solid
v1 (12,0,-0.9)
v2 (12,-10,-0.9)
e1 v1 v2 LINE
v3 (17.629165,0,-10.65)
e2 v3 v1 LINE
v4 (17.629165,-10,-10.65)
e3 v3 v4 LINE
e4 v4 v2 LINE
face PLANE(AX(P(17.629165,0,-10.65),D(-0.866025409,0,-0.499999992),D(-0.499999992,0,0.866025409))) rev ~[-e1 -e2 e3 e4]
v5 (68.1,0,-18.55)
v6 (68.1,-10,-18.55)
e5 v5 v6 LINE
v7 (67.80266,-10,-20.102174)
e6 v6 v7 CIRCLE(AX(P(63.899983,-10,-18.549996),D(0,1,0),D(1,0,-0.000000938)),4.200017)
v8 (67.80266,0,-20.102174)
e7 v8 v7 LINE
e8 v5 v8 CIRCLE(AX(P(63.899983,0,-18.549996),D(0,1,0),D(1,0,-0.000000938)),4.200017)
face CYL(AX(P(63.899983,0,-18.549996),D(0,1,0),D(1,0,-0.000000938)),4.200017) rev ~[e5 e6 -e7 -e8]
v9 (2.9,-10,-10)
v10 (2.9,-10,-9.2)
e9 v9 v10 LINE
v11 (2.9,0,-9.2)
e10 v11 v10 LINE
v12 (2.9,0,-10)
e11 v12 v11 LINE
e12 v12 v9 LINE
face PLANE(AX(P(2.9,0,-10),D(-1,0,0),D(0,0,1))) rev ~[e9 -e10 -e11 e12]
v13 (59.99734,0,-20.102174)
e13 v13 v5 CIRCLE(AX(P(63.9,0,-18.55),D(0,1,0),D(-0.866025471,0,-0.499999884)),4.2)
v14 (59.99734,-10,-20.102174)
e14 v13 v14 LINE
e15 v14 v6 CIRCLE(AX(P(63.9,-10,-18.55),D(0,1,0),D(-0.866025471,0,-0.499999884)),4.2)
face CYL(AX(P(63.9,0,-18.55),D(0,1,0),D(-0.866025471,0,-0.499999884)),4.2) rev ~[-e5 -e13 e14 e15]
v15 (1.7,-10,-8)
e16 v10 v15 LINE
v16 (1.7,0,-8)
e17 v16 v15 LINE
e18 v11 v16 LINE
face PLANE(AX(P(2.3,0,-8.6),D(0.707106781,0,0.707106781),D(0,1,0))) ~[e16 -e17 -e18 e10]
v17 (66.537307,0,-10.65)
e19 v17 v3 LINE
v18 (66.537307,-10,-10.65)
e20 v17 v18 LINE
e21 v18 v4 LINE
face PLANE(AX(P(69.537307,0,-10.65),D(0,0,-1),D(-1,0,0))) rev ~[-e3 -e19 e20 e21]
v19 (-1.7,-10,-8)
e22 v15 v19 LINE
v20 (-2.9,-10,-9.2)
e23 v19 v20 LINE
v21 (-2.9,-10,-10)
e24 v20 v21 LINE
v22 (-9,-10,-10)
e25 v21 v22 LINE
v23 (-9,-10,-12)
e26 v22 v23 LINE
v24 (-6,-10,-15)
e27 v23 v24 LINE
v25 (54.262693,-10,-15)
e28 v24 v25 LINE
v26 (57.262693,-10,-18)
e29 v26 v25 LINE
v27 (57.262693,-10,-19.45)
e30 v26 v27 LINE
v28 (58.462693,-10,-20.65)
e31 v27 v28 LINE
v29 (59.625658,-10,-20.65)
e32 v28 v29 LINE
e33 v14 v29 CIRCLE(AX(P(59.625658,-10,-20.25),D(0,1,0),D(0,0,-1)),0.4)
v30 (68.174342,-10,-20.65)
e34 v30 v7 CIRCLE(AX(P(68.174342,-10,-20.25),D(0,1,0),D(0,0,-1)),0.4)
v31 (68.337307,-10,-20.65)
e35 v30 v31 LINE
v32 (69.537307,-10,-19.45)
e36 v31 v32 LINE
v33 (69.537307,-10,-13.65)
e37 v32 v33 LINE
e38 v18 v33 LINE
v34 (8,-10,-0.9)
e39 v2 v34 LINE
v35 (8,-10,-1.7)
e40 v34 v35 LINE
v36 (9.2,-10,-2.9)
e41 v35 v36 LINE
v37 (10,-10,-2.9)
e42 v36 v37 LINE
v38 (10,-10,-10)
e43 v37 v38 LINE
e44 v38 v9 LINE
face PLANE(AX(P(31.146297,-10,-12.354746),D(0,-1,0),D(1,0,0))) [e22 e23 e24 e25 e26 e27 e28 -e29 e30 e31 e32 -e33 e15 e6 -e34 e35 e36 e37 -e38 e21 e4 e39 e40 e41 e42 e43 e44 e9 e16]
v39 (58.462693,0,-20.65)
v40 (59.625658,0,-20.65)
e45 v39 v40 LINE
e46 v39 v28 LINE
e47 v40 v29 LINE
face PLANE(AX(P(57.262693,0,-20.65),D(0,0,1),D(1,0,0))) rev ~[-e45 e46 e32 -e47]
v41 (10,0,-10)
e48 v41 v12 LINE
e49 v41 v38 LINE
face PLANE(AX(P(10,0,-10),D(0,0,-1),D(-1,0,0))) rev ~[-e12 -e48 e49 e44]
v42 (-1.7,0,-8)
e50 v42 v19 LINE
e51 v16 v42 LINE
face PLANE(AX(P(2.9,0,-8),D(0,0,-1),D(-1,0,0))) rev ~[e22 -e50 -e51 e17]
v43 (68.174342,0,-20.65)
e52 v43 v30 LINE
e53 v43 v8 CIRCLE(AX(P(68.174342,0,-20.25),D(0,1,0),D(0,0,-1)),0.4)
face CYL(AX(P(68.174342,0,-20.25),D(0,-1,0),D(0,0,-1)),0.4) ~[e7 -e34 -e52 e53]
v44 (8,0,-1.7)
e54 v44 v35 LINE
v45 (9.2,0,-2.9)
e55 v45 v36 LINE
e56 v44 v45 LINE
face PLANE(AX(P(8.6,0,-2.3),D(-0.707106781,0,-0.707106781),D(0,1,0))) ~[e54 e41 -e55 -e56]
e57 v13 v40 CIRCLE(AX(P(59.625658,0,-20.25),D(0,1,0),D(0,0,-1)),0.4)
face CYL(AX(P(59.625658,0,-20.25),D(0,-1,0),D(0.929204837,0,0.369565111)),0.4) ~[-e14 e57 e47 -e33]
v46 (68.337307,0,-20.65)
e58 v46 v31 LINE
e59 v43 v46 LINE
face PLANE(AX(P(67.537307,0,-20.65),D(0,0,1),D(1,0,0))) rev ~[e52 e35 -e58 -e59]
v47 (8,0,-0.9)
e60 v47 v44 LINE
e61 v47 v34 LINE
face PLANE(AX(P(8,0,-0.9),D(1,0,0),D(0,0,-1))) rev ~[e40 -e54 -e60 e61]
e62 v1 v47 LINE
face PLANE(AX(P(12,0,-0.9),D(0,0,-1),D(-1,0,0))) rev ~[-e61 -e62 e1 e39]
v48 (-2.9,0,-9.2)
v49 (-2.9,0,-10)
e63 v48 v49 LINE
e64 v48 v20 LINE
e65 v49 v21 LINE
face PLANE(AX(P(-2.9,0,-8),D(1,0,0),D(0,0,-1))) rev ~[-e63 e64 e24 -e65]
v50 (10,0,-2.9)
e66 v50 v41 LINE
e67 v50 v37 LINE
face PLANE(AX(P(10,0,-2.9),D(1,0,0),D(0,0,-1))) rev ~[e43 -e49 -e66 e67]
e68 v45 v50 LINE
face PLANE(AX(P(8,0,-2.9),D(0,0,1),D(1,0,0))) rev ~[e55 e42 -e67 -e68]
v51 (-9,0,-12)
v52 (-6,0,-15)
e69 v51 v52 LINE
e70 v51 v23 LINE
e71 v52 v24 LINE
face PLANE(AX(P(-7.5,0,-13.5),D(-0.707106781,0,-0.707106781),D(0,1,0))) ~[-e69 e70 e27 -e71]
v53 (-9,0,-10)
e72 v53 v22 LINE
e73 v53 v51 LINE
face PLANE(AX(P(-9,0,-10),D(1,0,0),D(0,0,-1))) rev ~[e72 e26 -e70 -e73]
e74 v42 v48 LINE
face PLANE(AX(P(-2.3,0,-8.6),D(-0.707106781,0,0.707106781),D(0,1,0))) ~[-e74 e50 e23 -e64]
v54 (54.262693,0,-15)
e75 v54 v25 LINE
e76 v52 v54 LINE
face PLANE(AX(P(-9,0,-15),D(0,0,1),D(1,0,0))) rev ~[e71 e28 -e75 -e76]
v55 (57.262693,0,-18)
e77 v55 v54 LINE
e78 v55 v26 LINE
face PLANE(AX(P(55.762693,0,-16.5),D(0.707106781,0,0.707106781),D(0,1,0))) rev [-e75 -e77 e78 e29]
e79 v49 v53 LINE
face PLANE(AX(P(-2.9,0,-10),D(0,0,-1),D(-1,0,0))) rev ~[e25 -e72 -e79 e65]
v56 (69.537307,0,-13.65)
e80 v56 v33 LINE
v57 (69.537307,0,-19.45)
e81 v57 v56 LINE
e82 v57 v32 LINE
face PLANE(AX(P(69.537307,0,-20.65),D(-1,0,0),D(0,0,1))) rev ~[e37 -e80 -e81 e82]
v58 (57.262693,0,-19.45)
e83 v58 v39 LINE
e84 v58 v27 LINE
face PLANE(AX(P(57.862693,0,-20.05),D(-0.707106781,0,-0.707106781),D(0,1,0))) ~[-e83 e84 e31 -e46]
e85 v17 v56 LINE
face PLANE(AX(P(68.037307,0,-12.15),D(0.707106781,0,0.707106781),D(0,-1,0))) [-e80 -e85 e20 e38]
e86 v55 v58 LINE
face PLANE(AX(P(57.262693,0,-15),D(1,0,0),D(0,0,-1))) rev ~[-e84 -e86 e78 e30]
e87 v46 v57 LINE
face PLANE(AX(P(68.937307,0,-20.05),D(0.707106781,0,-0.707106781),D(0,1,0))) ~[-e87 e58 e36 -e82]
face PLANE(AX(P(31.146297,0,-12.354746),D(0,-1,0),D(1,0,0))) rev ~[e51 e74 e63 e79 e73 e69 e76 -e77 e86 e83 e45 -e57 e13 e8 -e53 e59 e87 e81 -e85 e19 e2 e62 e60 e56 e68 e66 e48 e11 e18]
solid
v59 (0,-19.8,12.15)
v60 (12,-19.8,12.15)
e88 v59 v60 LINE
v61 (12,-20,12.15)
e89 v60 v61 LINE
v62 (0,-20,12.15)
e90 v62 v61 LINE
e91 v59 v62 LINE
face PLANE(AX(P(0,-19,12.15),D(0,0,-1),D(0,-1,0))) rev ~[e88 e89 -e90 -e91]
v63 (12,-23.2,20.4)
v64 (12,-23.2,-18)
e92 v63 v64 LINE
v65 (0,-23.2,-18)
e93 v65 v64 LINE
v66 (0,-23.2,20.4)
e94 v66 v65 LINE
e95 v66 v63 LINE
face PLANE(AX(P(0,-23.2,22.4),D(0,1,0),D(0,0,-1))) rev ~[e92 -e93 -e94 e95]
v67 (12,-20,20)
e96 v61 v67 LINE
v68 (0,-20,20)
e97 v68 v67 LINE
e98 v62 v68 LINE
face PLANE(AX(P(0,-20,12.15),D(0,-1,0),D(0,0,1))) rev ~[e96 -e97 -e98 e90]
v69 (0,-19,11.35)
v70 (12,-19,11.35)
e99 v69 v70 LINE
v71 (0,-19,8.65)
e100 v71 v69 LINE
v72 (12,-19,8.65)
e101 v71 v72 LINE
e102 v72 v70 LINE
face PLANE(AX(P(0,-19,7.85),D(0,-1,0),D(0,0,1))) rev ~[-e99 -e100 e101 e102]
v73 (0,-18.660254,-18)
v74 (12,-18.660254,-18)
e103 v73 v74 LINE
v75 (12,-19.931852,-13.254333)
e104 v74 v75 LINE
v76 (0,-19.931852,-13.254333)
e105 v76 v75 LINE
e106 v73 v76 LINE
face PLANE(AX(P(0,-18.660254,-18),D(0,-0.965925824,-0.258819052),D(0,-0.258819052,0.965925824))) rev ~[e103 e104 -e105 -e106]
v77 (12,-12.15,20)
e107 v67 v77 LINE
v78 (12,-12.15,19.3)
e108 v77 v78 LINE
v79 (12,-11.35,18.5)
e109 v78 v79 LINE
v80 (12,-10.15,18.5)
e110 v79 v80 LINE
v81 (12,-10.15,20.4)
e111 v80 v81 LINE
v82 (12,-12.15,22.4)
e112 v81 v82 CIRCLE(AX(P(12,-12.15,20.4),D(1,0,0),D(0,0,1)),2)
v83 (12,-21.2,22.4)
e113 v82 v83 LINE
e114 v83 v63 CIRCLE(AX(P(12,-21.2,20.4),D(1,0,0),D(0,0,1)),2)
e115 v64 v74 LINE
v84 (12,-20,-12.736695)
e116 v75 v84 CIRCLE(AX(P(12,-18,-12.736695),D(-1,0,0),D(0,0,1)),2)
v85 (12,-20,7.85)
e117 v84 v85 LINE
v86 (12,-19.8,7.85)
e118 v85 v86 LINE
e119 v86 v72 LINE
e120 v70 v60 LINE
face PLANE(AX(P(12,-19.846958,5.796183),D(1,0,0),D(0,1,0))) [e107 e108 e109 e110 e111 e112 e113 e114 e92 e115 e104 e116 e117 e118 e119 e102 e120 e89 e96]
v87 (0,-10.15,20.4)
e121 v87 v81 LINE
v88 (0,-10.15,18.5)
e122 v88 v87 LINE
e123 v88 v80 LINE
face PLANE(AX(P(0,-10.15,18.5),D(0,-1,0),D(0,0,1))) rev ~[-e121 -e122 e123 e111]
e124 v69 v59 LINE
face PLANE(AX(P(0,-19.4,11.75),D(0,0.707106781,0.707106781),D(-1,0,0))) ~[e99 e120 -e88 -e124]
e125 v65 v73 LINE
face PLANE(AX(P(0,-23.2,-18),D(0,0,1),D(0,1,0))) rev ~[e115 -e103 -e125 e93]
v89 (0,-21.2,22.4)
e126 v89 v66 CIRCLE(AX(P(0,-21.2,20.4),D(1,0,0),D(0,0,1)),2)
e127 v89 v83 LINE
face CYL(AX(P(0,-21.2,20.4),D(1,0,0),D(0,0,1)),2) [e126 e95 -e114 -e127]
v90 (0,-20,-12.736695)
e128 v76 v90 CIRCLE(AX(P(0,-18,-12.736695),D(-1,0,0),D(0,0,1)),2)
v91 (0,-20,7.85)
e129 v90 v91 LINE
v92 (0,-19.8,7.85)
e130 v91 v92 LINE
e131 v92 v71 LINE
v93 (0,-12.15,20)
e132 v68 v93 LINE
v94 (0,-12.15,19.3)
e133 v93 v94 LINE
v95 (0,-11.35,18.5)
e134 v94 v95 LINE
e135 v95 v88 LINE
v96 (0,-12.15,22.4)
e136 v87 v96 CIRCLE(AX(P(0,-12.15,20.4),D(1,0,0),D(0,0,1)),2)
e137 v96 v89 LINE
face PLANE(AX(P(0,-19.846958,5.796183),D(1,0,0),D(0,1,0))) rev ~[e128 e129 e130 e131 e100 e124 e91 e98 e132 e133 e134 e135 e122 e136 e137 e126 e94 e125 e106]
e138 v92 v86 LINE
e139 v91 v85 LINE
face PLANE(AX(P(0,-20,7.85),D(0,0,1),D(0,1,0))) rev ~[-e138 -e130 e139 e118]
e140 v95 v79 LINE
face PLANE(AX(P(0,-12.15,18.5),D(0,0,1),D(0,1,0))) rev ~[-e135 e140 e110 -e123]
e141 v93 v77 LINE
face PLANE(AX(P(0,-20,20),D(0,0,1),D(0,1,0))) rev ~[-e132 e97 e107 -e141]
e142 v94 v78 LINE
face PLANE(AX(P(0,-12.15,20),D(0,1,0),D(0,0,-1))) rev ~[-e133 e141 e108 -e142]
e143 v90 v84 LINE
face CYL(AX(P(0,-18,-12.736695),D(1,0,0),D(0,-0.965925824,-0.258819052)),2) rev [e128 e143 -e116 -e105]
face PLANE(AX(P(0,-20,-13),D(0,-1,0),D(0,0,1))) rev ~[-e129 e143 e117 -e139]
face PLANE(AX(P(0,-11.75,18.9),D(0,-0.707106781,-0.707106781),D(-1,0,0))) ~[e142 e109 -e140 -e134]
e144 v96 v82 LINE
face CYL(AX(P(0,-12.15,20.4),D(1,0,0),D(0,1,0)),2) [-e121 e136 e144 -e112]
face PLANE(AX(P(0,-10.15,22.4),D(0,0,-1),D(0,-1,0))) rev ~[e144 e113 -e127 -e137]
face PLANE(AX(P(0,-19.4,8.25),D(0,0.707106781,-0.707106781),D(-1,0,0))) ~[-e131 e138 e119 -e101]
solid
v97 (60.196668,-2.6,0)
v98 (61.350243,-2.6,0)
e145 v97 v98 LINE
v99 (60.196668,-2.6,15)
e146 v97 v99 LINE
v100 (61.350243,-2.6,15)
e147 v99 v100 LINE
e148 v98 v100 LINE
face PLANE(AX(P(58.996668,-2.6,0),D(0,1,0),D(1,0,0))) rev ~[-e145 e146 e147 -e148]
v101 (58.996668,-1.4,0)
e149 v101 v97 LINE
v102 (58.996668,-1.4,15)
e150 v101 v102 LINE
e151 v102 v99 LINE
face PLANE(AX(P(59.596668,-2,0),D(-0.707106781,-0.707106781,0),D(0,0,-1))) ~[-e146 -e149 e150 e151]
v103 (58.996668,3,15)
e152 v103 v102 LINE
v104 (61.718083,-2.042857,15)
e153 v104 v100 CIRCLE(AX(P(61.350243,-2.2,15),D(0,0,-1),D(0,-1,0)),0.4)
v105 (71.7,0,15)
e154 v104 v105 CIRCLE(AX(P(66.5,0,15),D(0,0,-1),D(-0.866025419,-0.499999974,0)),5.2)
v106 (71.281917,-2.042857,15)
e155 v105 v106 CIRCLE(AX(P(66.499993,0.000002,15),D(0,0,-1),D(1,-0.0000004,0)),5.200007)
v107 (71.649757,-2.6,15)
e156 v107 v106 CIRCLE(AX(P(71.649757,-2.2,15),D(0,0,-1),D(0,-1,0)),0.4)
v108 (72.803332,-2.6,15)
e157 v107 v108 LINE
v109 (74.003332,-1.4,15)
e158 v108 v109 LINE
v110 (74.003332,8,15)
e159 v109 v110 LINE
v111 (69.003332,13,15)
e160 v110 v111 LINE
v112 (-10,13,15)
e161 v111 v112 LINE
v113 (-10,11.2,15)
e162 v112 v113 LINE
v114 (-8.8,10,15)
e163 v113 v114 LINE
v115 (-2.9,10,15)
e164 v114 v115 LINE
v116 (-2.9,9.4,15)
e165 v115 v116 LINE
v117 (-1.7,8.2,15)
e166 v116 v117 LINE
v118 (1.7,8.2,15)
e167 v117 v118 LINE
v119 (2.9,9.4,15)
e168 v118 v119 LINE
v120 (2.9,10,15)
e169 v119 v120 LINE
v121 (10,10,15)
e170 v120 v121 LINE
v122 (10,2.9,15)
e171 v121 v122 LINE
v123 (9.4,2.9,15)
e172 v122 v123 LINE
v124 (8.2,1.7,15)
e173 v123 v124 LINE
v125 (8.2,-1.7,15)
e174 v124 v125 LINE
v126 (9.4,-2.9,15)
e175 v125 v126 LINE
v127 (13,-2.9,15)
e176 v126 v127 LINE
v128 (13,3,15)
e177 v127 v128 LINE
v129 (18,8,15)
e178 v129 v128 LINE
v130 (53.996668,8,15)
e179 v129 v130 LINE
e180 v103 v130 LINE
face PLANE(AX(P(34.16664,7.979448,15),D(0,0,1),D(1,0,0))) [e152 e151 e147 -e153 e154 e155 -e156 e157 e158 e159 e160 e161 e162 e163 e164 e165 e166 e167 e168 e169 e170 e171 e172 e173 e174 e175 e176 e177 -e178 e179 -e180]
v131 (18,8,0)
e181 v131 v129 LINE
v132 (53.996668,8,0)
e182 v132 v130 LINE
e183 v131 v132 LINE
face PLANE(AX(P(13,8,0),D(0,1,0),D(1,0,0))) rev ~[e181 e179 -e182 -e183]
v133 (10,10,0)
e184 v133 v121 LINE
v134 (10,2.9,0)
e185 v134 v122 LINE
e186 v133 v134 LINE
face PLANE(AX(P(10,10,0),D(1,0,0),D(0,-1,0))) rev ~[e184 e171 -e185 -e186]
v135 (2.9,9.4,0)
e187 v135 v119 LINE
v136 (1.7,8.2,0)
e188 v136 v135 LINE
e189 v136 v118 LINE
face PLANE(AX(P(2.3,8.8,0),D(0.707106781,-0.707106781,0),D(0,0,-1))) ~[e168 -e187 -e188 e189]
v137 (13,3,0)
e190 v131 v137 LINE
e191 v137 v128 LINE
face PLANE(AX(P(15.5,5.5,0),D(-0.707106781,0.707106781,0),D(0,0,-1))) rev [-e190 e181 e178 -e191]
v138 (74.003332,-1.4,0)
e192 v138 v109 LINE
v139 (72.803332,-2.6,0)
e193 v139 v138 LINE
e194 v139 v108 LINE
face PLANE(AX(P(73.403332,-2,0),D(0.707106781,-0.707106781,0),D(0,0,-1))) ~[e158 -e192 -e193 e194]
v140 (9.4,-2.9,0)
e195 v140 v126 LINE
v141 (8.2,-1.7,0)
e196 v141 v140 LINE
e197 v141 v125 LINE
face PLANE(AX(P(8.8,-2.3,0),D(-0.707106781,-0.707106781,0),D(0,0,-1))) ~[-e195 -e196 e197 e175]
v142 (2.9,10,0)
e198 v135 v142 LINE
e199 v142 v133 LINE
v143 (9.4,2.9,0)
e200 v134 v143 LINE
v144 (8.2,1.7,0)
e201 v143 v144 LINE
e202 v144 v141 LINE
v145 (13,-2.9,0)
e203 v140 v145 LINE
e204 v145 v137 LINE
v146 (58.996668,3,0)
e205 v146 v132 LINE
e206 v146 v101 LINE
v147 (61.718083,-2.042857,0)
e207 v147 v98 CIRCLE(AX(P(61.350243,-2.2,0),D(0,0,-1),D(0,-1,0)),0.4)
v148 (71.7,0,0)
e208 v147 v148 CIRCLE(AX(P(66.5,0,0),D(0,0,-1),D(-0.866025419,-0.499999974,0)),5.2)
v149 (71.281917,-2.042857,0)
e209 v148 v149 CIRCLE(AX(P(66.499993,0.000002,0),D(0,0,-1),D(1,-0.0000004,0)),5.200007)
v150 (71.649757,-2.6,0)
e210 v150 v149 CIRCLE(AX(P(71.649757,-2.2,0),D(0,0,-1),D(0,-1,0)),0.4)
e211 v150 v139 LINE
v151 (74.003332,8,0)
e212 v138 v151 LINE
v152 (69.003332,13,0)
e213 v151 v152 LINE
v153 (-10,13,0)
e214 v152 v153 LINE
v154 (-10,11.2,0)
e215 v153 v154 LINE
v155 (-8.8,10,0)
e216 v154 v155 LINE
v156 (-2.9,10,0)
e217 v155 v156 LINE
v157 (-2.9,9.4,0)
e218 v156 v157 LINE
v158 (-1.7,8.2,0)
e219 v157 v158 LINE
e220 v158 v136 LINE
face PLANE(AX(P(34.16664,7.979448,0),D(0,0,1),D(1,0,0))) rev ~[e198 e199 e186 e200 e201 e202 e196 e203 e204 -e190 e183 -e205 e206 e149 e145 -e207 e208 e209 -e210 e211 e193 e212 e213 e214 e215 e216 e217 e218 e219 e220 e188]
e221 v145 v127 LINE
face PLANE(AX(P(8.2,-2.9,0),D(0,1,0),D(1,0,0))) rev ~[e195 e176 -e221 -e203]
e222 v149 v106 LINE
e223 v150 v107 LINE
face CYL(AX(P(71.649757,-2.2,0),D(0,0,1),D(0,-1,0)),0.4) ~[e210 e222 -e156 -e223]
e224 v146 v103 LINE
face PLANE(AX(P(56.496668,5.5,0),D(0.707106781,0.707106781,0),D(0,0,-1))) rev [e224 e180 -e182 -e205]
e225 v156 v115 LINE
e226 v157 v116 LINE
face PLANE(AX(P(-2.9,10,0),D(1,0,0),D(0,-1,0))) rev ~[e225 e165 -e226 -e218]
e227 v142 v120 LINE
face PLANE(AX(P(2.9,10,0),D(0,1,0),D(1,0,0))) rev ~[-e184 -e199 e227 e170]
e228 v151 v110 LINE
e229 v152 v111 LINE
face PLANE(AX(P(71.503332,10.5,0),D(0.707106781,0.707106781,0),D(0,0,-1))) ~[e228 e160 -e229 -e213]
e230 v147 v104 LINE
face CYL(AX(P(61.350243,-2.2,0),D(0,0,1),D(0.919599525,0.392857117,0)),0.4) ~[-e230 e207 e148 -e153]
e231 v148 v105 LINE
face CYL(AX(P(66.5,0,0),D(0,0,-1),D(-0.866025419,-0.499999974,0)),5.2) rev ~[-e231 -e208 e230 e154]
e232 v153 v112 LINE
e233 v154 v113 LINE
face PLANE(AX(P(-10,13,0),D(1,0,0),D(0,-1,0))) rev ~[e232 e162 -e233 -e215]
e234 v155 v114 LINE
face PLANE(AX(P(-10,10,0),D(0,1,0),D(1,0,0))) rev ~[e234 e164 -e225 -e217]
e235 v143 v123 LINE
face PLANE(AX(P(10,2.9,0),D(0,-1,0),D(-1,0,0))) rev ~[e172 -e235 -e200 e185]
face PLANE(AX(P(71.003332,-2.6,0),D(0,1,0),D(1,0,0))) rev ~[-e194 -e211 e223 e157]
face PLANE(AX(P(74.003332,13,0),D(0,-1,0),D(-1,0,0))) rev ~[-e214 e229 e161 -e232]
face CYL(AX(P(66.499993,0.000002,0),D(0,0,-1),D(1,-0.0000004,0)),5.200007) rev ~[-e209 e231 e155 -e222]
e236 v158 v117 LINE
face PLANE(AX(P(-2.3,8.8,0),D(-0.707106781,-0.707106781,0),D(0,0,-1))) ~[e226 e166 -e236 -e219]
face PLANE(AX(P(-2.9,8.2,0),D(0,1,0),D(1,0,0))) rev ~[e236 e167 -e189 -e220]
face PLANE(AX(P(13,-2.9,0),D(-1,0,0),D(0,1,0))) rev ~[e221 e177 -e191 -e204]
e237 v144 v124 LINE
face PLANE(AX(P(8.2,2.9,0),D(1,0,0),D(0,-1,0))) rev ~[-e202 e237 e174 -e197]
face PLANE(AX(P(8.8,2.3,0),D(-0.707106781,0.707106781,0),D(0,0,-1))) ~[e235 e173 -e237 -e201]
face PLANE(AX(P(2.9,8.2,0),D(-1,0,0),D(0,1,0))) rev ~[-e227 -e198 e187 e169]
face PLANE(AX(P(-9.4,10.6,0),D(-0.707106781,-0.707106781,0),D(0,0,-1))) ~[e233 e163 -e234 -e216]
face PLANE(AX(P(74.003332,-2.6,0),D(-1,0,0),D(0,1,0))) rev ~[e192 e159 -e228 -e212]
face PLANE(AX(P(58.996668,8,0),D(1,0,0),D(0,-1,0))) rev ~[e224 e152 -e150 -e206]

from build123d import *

# Parameters (mm, degrees)
F2_DEPTH  = 10
F3_SIZE   = 1.2
F4_SIZE   = 3
F6_DEPTH  = 15
F7_SIZE   = 1.2
F8_SIZE   = 5
F9_R      = 0.4
F9_2_R    = 0.4
F11_DEPTH = 12
F12_SIZE  = 0.8
F13_R     = 2


with BuildPart() as f2:
    # F1 (on Front) → F2 (new body)
    with BuildSketch(Plane.XZ):
        with BuildLine():
            Line((8, -0.9), (8, -2.9))
            Line((8, -2.9), (10, -2.9))
            Line((10, -2.9), (10, -10))
            Line((10, -10), (2.9, -10))
            Line((2.9, -10), (2.9, -8))
            Line((2.9, -8), (-2.9, -8))
            Line((-2.9, -8), (-2.9, -10))
            Line((-2.9, -10), (-9, -10))
            Line((-9, -10), (-9, -15))
            Line((-9, -15), (57.262693, -15))
            Line((57.262693, -15), (57.262693, -20.65))
            Line((57.262693, -20.65), (60.262693, -20.65))
            ThreePointArc((60.262693, -20.65), (62.81296, -14.493112), (68.1, -18.55))
            ThreePointArc((68.1, -18.55), (67.956888, -19.63704), (67.537307, -20.65))
            Line((67.537307, -20.65), (69.537307, -20.65))
            Line((69.537307, -20.65), (69.537307, -10.65))
            Line((69.537307, -10.65), (17.629165, -10.65))
            Line((17.629165, -10.65), (12, -0.9))
            Line((12, -0.9), (8, -0.9))
        make_face()
    extrude(amount=F2_DEPTH)

    # F3
    f3_edges = [f2.edges().sort_by_distance(p)[0] for p in [
        (-2.9, -5, -8),
        (2.9, -5, -8),
        (8, -5, -2.9),
        (57.262693, -5, -20.65),
        (69.537307, -5, -20.65),
    ]]
    chamfer(f3_edges, length=F3_SIZE)

    # F4
    f4_edges = [f2.edges().sort_by_distance(p)[0] for p in [
        (-9, -5, -15),
        (57.262693, -5, -15),
        (69.537307, -5, -10.65),
    ]]
    chamfer(f4_edges, length=F4_SIZE)

    # F9
    f9_edges = [f2.edges().sort_by_distance(p)[0] for p in [
        (60.262693, -5, -20.65),
        (67.537307, -5, -20.65),
    ]]
    fillet(f9_edges, radius=F9_R)


with BuildPart() as f6:
    # F5 (on Top) → F6 (new body)
    with BuildSketch(Plane.XY):
        with BuildLine():
            ThreePointArc((61.996668, -2.6), (65.154141, 5.022814), (71.7, 0))
            ThreePointArc((71.7, 0), (71.522814, -1.345859), (71.003332, -2.6))
            Line((71.003332, -2.6), (74.003332, -2.6))
            Line((74.003332, -2.6), (74.003332, 13))
            Line((74.003332, 13), (-10, 13))
            Line((-10, 13), (-10, 10))
            Line((-10, 10), (-2.9, 10))
            Line((-2.9, 10), (-2.9, 8.2))
            Line((-2.9, 8.2), (2.9, 8.2))
            Line((2.9, 8.2), (2.9, 10))
            Line((2.9, 10), (10, 10))
            Line((10, 10), (10, 2.9))
            Line((10, 2.9), (8.2, 2.9))
            Line((8.2, 2.9), (8.2, -2.9))
            Line((8.2, -2.9), (10, -2.9))
            Line((10, -2.9), (13, -2.9))
            Line((13, -2.9), (13, 8))
            Line((13, 8), (58.996668, 8))
            Line((58.996668, 8), (58.996668, -2.6))
            Line((58.996668, -2.6), (61.996668, -2.6))
        make_face()
    extrude(amount=F6_DEPTH)

    # F7
    f7_edges = [f6.edges().sort_by_distance(p)[0] for p in [
        (8.2, 2.9, 7.5),
        (8.2, -2.9, 7.5),
        (-2.9, 8.2, 7.5),
        (2.9, 8.2, 7.5),
        (-10, 10, 7.5),
        (58.996668, -2.6, 7.5),
        (74.003332, -2.6, 7.5),
    ]]
    chamfer(f7_edges, length=F7_SIZE)

    # F8
    f8_edges = [f6.edges().sort_by_distance(p)[0] for p in [
        (74.003332, 13, 7.5),
        (58.996668, 8, 7.5),
        (13, 8, 7.5),
    ]]
    chamfer(f8_edges, length=F8_SIZE)

    # F9#2
    f9_2_edges = [f6.edges().sort_by_distance(p)[0] for p in [
        (61.996668, -2.6, 7.5),
        (71.003332, -2.6, 7.5),
    ]]
    fillet(f9_2_edges, radius=F9_2_R)


with BuildPart() as f11:
    # F10 (on Right) → F11 (new body)
    with BuildSketch(Plane.YZ):
        Polygon((-12.15, 20), (-12.15, 18.5), (-10.15, 18.5), (-10.15, 22.4), (-23.2, 22.4), (-23.2, -18), (-18.660254, -18), (-20, -13), (-20, 7.85), (-19, 7.85), (-19, 12.15), (-20, 12.15), (-20, 20), align=None)
    extrude(amount=F11_DEPTH)

    # F12
    f12_edges = [f11.edges().sort_by_distance(p)[0] for p in [
        (6, -19, 12.15),
        (6, -12.15, 18.5),
        (6, -19, 7.85),
    ]]
    chamfer(f12_edges, length=F12_SIZE)

    # F13
    f13_edges = [f11.edges().sort_by_distance(p)[0] for p in [
        (6, -23.2, 22.4),
        (6, -20, -13),
        (6, -10.15, 22.4),
    ]]
    fillet(f13_edges, radius=F13_R)


solid = Compound([f2.part, f6.part, f11.part])
